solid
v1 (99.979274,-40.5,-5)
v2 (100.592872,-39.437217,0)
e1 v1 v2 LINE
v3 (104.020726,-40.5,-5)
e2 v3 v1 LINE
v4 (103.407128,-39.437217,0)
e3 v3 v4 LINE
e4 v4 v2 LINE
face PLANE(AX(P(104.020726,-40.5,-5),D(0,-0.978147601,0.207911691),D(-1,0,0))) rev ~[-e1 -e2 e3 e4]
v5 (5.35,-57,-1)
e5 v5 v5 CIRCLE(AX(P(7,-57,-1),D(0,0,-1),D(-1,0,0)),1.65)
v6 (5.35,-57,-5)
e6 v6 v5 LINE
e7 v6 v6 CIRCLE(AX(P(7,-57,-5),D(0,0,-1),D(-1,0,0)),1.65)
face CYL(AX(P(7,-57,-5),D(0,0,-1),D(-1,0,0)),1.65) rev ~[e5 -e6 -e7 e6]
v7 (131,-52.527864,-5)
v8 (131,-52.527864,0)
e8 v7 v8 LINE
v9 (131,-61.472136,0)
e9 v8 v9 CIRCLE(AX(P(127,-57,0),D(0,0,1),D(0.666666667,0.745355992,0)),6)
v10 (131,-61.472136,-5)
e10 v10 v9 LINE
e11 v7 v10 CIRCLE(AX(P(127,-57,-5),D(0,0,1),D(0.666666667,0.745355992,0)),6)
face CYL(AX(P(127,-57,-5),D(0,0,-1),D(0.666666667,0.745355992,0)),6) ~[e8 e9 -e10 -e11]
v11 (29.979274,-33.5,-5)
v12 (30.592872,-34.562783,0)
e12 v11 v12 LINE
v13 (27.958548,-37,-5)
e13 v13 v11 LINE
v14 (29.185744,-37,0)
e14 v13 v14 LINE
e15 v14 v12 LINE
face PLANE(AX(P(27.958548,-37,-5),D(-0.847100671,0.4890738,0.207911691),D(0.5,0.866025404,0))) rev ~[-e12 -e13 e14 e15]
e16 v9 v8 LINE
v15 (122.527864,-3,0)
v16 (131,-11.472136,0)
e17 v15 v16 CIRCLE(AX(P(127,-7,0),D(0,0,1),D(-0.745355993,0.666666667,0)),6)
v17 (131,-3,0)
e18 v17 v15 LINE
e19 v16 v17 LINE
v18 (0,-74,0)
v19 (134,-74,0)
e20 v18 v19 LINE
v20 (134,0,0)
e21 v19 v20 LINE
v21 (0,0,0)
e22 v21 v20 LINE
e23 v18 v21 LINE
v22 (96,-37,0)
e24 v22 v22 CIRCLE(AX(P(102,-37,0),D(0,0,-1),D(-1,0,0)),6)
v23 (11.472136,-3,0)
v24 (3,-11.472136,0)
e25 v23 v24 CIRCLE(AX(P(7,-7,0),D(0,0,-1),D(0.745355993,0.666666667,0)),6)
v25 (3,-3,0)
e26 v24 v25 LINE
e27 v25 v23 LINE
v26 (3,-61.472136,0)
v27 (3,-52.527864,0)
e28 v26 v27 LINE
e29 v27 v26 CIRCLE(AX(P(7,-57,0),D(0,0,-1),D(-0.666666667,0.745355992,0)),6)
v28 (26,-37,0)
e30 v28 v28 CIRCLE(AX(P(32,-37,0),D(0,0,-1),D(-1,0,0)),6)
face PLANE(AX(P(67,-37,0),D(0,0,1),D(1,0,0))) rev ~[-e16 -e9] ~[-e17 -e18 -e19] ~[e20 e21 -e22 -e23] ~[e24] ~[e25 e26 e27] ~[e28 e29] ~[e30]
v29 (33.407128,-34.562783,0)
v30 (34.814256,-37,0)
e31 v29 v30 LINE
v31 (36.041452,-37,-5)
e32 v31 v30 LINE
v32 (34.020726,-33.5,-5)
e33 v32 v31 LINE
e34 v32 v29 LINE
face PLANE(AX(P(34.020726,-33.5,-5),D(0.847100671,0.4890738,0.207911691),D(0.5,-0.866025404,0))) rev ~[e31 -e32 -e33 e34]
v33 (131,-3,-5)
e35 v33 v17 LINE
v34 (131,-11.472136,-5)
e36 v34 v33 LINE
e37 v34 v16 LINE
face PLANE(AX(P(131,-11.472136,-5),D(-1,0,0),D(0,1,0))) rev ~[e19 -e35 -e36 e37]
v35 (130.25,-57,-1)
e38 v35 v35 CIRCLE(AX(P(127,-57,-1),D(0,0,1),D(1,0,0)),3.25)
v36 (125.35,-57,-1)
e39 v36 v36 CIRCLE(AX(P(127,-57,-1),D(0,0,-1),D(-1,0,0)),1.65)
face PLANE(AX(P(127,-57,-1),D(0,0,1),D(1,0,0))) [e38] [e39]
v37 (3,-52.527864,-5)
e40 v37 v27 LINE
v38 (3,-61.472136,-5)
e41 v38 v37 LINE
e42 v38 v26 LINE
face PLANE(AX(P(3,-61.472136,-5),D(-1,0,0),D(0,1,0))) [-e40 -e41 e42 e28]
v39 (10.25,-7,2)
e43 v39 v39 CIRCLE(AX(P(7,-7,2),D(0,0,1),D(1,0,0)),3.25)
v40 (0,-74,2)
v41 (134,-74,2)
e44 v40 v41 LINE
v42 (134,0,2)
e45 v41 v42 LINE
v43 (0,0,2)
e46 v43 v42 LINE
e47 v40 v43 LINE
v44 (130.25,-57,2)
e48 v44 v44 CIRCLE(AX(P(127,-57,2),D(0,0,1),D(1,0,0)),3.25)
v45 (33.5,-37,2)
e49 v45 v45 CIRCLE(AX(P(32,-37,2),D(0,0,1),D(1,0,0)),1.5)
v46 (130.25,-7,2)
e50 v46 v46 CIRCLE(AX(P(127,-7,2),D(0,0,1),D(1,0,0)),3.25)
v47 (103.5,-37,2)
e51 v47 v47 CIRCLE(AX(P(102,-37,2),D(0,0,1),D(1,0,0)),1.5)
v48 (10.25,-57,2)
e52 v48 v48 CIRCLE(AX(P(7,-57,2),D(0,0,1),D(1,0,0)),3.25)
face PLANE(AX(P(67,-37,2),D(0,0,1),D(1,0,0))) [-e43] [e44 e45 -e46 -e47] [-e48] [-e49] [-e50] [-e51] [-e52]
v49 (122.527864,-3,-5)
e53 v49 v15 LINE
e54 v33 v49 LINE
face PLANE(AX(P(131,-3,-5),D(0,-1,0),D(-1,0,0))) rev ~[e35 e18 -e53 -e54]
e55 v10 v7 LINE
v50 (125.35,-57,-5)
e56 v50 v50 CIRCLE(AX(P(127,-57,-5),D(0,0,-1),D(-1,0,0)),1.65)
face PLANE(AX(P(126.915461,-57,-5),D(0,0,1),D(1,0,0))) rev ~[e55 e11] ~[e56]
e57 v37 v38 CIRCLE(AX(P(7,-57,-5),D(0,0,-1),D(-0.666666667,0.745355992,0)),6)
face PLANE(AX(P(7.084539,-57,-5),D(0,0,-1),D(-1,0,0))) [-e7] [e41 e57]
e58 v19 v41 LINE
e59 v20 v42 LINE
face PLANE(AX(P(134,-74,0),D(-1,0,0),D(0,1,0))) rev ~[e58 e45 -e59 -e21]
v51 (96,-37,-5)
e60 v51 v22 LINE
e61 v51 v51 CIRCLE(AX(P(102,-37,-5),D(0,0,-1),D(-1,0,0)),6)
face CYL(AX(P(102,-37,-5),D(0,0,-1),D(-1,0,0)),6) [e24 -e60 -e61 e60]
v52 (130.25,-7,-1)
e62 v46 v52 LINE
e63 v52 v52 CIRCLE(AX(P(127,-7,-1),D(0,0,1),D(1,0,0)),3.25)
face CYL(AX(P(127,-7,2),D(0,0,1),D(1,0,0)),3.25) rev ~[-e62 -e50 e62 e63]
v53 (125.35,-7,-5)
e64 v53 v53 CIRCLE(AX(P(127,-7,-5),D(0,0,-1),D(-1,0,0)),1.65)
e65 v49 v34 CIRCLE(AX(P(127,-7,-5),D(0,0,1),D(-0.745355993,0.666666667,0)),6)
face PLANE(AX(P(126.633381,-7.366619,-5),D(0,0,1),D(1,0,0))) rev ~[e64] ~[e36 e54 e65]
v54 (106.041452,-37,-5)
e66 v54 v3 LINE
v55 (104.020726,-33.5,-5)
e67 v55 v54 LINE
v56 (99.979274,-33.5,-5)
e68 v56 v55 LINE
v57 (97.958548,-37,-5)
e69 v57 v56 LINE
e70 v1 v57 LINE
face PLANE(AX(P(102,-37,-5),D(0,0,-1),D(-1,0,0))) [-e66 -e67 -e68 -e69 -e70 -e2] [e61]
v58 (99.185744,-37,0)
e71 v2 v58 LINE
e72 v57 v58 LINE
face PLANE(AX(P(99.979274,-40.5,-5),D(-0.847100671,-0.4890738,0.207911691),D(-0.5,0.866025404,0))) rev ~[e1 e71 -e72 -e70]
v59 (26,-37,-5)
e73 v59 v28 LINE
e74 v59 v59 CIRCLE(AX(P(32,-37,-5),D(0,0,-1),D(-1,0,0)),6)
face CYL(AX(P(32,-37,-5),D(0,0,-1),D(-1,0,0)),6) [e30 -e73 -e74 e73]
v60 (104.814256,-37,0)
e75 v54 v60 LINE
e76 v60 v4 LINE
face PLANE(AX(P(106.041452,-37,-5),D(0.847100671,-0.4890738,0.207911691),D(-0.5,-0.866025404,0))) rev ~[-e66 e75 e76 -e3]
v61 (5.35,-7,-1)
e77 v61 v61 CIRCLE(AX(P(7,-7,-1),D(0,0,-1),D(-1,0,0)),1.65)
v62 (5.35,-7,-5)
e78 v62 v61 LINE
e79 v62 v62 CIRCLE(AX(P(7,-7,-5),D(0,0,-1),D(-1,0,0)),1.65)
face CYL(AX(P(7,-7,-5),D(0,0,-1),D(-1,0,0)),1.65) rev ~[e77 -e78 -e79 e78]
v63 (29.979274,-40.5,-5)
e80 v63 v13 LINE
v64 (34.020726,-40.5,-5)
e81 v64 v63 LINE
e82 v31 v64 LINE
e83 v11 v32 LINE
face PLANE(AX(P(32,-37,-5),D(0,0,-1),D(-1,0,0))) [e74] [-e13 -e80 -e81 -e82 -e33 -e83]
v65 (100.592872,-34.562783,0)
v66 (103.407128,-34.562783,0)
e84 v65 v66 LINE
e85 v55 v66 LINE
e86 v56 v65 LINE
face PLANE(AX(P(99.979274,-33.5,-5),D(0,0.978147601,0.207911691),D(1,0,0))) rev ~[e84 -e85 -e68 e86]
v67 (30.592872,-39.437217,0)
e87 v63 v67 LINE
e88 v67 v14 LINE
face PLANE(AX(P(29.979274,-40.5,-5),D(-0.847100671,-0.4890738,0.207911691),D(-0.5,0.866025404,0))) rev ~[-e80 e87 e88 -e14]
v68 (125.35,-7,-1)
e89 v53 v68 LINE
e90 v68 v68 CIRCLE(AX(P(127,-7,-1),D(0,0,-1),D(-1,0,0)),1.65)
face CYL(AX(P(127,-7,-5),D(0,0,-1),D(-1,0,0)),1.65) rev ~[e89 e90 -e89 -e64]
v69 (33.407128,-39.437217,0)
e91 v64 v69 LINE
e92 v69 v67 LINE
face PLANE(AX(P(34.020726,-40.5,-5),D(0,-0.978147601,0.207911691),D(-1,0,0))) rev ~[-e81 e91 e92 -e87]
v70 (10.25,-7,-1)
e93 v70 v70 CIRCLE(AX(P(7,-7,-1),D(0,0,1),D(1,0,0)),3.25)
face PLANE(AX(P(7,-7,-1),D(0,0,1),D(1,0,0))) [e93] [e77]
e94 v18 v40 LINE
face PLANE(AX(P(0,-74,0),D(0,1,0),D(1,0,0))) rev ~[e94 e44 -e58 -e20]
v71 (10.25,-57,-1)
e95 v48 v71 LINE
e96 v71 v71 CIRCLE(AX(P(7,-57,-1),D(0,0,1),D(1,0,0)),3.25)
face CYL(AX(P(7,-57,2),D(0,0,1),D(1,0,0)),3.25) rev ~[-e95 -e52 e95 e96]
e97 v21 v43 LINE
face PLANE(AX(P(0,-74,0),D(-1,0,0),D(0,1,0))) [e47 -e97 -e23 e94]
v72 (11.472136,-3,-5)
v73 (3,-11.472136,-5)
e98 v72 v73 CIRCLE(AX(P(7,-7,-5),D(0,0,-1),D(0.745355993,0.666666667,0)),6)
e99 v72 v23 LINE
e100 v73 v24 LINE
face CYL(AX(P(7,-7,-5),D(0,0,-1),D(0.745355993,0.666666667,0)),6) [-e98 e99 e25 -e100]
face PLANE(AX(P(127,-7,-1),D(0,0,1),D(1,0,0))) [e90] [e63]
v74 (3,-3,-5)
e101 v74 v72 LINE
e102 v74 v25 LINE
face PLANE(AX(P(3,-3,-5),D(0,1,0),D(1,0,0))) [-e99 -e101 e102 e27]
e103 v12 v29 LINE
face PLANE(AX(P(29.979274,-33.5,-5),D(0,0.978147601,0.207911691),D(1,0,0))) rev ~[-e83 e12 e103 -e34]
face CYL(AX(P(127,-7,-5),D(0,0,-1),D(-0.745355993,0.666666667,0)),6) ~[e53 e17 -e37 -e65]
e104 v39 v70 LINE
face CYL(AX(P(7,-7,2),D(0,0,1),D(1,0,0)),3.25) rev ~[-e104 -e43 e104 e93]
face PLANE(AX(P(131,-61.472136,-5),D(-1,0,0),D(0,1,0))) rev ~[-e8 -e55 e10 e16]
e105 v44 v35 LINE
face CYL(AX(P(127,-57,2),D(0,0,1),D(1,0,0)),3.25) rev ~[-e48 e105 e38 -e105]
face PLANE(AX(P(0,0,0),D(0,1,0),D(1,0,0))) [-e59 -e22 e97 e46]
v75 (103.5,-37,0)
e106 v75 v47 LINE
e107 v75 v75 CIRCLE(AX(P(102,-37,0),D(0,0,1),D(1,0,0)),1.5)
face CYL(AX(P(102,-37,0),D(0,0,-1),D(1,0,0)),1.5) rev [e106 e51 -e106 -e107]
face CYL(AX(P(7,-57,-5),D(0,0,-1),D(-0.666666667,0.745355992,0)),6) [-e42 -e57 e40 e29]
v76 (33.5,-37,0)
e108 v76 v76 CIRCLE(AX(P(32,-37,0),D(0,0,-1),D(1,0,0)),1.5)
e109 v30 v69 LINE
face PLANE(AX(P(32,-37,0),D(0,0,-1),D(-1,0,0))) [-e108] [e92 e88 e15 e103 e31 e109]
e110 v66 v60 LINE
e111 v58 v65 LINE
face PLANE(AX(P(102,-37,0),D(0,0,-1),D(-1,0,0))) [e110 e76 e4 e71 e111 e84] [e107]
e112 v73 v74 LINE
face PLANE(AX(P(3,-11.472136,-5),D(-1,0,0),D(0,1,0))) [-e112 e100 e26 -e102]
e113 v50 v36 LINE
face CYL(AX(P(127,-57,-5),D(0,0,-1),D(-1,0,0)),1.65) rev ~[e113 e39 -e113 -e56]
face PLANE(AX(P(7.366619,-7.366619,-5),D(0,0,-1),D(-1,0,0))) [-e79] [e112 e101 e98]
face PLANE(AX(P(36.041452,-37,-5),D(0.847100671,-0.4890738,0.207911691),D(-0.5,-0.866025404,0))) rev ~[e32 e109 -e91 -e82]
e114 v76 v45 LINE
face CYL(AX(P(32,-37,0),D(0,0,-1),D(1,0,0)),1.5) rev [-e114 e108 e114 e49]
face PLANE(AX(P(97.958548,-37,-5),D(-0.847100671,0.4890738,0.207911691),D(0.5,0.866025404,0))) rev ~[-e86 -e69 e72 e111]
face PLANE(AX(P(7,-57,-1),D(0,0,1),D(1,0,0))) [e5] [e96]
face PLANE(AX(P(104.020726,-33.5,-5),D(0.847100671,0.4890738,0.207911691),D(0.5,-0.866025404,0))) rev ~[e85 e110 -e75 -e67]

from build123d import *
from build123d.topology import SkipClean

# Parameters (mm, degrees)
ESBO_O1_W                       = 134
ESBO_O1_H                       = 74
ESBO_O1_R                       = 1.5
ESBO_O1_R_2                     = 1.65
RESSALTO_EXTRUS_O1_DEPTH        = 2
RESSALTO_EXTRUS_O2_START        = 5
ESBO_O2_R                       = 6
ESBO_O2_R_2                     = 1.5
ESBO_O2_R_3                     = 1.65
RESSALTO_EXTRUS_O2_DEPTH        = 5
ESBO_O3_R                       = 3.25
CORTE_EXTRUS_O1_DEPTH           = 3
CORTE_EXTRUS_O2_DEPTH           = 5
CORTE_EXTRUS_O2_DRAFT           = -12
CORTE_EXTRUS_O2_PROFILE_2_DEPTH = 5
CORTE_EXTRUS_O2_PROFILE_2_DRAFT = -12


with BuildPart() as part:
    # Esboço1 → Ressalto-extrusão1 (new body)
    with BuildSketch(Plane.XY):
        with Locations((67, -37)):
            Rectangle(ESBO_O1_W, ESBO_O1_H)
        with Locations((102, -37)):
            Circle(ESBO_O1_R, mode=Mode.SUBTRACT)
        with Locations((7, -7)):
            Circle(ESBO_O1_R_2, mode=Mode.SUBTRACT)
        with Locations((127, -7)):
            Circle(ESBO_O1_R_2, mode=Mode.SUBTRACT)
        with Locations((127, -57)):
            Circle(ESBO_O1_R_2, mode=Mode.SUBTRACT)
        with Locations((7, -57)):
            Circle(ESBO_O1_R_2, mode=Mode.SUBTRACT)
        with Locations((32, -37)):
            Circle(ESBO_O1_R, mode=Mode.SUBTRACT)
    extrude(amount=RESSALTO_EXTRUS_O1_DEPTH)

    # Esboço2 → Ressalto-extrusão2 (add)
    # profile 1 of 6: a face of its own
    with SkipClean():  # the faces are left unmerged after this step: merging them gives an invalid solid
        with BuildSketch(Plane(origin=(0, 0, 0), x_dir=(-1, 0, 0), z_dir=(0, 0, -1)).offset(RESSALTO_EXTRUS_O2_START)):
            with Locations((-102, -37)):
                Circle(ESBO_O2_R)
            with Locations((-102, -37)):
                Circle(ESBO_O2_R_2, mode=Mode.SUBTRACT)
        # profile 2 of 6: a face of its own
        with BuildSketch(Plane(origin=(0, 0, 0), x_dir=(-1, 0, 0), z_dir=(0, 0, -1)).offset(RESSALTO_EXTRUS_O2_START)):
            with Locations((-32, -37)):
                Circle(ESBO_O2_R)
            with Locations((-32, -37)):
                Circle(ESBO_O2_R_2, mode=Mode.SUBTRACT)
        # profile 3 of 6: a face of its own
        with BuildSketch(Plane(origin=(0, 0, 0), x_dir=(-1, 0, 0), z_dir=(0, 0, -1)).offset(RESSALTO_EXTRUS_O2_START)):
            with BuildLine():
                Line((-3, -61.472135955), (-3, -52.527864045))
                ThreePointArc((-3, -52.527864045), (-13, -57), (-3, -61.472135955))
            make_face()
            with Locations((-7, -57)):
                Circle(ESBO_O2_R_3, mode=Mode.SUBTRACT)
        # profile 4 of 6: a face of its own
        with BuildSketch(Plane(origin=(0, 0, 0), x_dir=(-1, 0, 0), z_dir=(0, 0, -1)).offset(RESSALTO_EXTRUS_O2_START)):
            with BuildLine():
                Line((-3, -3), (-11.472135955, -3))
                ThreePointArc((-11.472135955, -3), (-11.242640687, -11.242640687), (-3, -11.472135955))
                Line((-3, -11.472135955), (-3, -3))
            make_face()
            with Locations((-7, -7)):
                Circle(ESBO_O2_R_3, mode=Mode.SUBTRACT)
        # profile 5 of 6: a face of its own
        with BuildSketch(Plane(origin=(0, 0, 0), x_dir=(-1, 0, 0), z_dir=(0, 0, -1)).offset(RESSALTO_EXTRUS_O2_START)):
            with BuildLine():
                Line((-131, -61.472135955), (-131, -52.527864045))
                ThreePointArc((-131, -52.527864045), (-121, -57), (-131, -61.472135955))
            make_face()
            with Locations((-127, -57)):
                Circle(ESBO_O2_R_3, mode=Mode.SUBTRACT)
        # profile 6 of 6: a face of its own
        with BuildSketch(Plane(origin=(0, 0, 0), x_dir=(-1, 0, 0), z_dir=(0, 0, -1)).offset(RESSALTO_EXTRUS_O2_START)):
            with BuildLine():
                Line((-131, -11.472135955), (-131, -3))
                Line((-131, -3), (-122.527864045, -3))
                ThreePointArc((-122.527864045, -3), (-122.757359313, -11.242640687), (-131, -11.472135955))
            make_face()
            with Locations((-127, -7)):
                Circle(ESBO_O2_R_3, mode=Mode.SUBTRACT)
        extrude(amount=-RESSALTO_EXTRUS_O2_DEPTH)

    # Esboço3 → Corte-extrusão1 (cut)
    with SkipClean():  # the faces are left unmerged after this step: merging them gives an invalid solid
        with BuildSketch(Plane.XY.offset(2)):
            with Locations((7, -7)):
                Circle(ESBO_O3_R)
            with Locations((7, -57)):
                Circle(ESBO_O3_R)
            with Locations((127, -7)):
                Circle(ESBO_O3_R)
            with Locations((127, -57)):
                Circle(ESBO_O3_R)
        extrude(amount=-CORTE_EXTRUS_O1_DEPTH, mode=Mode.SUBTRACT)


with BuildPart() as corte_extrus_o2_tool:
    # Esboço4 → Corte-extrusão2 (with draft: the straight prism first)
    with BuildSketch(Plane(origin=(0, 0, -5), x_dir=(-1, 0, 0), z_dir=(0, 0, -1))):
        Polygon((-34.020725942, -40.5), (-29.979274058, -40.5), (-27.958548116, -37), (-29.979274058, -33.5), (-34.020725942, -33.5), (-36.041451884, -37), align=None)
    extrude(amount=-CORTE_EXTRUS_O2_DEPTH)
    # Corte-extrusão2: the draft: its side faces are tilted about the plane it starts from
    corte_extrus_o2_sides = [corte_extrus_o2_tool.faces().sort_by_distance(p)[0] for p in [
        (32, -40.5, -2.5),
        (28.968911087, -38.75, -2.5),
        (28.968911087, -35.25, -2.5),
        (32, -33.5, -2.5),
        (35.031088913, -35.25, -2.5),
        (35.031088913, -38.75, -2.5),
    ]]
    draft(corte_extrus_o2_sides, Plane(origin=(0, 0, -5), x_dir=(-1, 0, 0), z_dir=(0, 0, -1)), CORTE_EXTRUS_O2_DRAFT)


with BuildPart() as part_1:
    add(part.part)

    # Corte-extrusão2: cut by corte_extrus_o2_tool
    add(corte_extrus_o2_tool.part, mode=Mode.SUBTRACT)


with BuildPart() as corte_extrus_o2_profile_2_tool:
    # Esboço4 → Corte-extrusão2 profile 2 (with draft: the straight prism first)
    with BuildSketch(Plane(origin=(0, 0, -5), x_dir=(-1, 0, 0), z_dir=(0, 0, -1))):
        Polygon((-97.958548116, -37), (-99.979274058, -33.5), (-104.020725942, -33.5), (-106.041451884, -37), (-104.020725942, -40.5), (-99.979274058, -40.5), align=None)
    extrude(amount=-CORTE_EXTRUS_O2_PROFILE_2_DEPTH)
    # Corte-extrusão2 profile 2: the draft: its side faces are tilted about the plane it starts from
    corte_extrus_o2_profile_2_sides = [corte_extrus_o2_profile_2_tool.faces().sort_by_distance(p)[0] for p in [
        (98.968911087, -35.25, -2.5),
        (102, -33.5, -2.5),
        (105.031088913, -35.25, -2.5),
        (105.031088913, -38.75, -2.5),
        (102, -40.5, -2.5),
        (98.968911087, -38.75, -2.5),
    ]]
    draft(corte_extrus_o2_profile_2_sides, Plane(origin=(0, 0, -5), x_dir=(-1, 0, 0), z_dir=(0, 0, -1)), CORTE_EXTRUS_O2_PROFILE_2_DRAFT)


with BuildPart() as part_2:
    add(part_1.part)

    # Corte-extrusão2 profile 2: cut by corte_extrus_o2_profile_2_tool
    add(corte_extrus_o2_profile_2_tool.part, mode=Mode.SUBTRACT)


solid = part_2.part
